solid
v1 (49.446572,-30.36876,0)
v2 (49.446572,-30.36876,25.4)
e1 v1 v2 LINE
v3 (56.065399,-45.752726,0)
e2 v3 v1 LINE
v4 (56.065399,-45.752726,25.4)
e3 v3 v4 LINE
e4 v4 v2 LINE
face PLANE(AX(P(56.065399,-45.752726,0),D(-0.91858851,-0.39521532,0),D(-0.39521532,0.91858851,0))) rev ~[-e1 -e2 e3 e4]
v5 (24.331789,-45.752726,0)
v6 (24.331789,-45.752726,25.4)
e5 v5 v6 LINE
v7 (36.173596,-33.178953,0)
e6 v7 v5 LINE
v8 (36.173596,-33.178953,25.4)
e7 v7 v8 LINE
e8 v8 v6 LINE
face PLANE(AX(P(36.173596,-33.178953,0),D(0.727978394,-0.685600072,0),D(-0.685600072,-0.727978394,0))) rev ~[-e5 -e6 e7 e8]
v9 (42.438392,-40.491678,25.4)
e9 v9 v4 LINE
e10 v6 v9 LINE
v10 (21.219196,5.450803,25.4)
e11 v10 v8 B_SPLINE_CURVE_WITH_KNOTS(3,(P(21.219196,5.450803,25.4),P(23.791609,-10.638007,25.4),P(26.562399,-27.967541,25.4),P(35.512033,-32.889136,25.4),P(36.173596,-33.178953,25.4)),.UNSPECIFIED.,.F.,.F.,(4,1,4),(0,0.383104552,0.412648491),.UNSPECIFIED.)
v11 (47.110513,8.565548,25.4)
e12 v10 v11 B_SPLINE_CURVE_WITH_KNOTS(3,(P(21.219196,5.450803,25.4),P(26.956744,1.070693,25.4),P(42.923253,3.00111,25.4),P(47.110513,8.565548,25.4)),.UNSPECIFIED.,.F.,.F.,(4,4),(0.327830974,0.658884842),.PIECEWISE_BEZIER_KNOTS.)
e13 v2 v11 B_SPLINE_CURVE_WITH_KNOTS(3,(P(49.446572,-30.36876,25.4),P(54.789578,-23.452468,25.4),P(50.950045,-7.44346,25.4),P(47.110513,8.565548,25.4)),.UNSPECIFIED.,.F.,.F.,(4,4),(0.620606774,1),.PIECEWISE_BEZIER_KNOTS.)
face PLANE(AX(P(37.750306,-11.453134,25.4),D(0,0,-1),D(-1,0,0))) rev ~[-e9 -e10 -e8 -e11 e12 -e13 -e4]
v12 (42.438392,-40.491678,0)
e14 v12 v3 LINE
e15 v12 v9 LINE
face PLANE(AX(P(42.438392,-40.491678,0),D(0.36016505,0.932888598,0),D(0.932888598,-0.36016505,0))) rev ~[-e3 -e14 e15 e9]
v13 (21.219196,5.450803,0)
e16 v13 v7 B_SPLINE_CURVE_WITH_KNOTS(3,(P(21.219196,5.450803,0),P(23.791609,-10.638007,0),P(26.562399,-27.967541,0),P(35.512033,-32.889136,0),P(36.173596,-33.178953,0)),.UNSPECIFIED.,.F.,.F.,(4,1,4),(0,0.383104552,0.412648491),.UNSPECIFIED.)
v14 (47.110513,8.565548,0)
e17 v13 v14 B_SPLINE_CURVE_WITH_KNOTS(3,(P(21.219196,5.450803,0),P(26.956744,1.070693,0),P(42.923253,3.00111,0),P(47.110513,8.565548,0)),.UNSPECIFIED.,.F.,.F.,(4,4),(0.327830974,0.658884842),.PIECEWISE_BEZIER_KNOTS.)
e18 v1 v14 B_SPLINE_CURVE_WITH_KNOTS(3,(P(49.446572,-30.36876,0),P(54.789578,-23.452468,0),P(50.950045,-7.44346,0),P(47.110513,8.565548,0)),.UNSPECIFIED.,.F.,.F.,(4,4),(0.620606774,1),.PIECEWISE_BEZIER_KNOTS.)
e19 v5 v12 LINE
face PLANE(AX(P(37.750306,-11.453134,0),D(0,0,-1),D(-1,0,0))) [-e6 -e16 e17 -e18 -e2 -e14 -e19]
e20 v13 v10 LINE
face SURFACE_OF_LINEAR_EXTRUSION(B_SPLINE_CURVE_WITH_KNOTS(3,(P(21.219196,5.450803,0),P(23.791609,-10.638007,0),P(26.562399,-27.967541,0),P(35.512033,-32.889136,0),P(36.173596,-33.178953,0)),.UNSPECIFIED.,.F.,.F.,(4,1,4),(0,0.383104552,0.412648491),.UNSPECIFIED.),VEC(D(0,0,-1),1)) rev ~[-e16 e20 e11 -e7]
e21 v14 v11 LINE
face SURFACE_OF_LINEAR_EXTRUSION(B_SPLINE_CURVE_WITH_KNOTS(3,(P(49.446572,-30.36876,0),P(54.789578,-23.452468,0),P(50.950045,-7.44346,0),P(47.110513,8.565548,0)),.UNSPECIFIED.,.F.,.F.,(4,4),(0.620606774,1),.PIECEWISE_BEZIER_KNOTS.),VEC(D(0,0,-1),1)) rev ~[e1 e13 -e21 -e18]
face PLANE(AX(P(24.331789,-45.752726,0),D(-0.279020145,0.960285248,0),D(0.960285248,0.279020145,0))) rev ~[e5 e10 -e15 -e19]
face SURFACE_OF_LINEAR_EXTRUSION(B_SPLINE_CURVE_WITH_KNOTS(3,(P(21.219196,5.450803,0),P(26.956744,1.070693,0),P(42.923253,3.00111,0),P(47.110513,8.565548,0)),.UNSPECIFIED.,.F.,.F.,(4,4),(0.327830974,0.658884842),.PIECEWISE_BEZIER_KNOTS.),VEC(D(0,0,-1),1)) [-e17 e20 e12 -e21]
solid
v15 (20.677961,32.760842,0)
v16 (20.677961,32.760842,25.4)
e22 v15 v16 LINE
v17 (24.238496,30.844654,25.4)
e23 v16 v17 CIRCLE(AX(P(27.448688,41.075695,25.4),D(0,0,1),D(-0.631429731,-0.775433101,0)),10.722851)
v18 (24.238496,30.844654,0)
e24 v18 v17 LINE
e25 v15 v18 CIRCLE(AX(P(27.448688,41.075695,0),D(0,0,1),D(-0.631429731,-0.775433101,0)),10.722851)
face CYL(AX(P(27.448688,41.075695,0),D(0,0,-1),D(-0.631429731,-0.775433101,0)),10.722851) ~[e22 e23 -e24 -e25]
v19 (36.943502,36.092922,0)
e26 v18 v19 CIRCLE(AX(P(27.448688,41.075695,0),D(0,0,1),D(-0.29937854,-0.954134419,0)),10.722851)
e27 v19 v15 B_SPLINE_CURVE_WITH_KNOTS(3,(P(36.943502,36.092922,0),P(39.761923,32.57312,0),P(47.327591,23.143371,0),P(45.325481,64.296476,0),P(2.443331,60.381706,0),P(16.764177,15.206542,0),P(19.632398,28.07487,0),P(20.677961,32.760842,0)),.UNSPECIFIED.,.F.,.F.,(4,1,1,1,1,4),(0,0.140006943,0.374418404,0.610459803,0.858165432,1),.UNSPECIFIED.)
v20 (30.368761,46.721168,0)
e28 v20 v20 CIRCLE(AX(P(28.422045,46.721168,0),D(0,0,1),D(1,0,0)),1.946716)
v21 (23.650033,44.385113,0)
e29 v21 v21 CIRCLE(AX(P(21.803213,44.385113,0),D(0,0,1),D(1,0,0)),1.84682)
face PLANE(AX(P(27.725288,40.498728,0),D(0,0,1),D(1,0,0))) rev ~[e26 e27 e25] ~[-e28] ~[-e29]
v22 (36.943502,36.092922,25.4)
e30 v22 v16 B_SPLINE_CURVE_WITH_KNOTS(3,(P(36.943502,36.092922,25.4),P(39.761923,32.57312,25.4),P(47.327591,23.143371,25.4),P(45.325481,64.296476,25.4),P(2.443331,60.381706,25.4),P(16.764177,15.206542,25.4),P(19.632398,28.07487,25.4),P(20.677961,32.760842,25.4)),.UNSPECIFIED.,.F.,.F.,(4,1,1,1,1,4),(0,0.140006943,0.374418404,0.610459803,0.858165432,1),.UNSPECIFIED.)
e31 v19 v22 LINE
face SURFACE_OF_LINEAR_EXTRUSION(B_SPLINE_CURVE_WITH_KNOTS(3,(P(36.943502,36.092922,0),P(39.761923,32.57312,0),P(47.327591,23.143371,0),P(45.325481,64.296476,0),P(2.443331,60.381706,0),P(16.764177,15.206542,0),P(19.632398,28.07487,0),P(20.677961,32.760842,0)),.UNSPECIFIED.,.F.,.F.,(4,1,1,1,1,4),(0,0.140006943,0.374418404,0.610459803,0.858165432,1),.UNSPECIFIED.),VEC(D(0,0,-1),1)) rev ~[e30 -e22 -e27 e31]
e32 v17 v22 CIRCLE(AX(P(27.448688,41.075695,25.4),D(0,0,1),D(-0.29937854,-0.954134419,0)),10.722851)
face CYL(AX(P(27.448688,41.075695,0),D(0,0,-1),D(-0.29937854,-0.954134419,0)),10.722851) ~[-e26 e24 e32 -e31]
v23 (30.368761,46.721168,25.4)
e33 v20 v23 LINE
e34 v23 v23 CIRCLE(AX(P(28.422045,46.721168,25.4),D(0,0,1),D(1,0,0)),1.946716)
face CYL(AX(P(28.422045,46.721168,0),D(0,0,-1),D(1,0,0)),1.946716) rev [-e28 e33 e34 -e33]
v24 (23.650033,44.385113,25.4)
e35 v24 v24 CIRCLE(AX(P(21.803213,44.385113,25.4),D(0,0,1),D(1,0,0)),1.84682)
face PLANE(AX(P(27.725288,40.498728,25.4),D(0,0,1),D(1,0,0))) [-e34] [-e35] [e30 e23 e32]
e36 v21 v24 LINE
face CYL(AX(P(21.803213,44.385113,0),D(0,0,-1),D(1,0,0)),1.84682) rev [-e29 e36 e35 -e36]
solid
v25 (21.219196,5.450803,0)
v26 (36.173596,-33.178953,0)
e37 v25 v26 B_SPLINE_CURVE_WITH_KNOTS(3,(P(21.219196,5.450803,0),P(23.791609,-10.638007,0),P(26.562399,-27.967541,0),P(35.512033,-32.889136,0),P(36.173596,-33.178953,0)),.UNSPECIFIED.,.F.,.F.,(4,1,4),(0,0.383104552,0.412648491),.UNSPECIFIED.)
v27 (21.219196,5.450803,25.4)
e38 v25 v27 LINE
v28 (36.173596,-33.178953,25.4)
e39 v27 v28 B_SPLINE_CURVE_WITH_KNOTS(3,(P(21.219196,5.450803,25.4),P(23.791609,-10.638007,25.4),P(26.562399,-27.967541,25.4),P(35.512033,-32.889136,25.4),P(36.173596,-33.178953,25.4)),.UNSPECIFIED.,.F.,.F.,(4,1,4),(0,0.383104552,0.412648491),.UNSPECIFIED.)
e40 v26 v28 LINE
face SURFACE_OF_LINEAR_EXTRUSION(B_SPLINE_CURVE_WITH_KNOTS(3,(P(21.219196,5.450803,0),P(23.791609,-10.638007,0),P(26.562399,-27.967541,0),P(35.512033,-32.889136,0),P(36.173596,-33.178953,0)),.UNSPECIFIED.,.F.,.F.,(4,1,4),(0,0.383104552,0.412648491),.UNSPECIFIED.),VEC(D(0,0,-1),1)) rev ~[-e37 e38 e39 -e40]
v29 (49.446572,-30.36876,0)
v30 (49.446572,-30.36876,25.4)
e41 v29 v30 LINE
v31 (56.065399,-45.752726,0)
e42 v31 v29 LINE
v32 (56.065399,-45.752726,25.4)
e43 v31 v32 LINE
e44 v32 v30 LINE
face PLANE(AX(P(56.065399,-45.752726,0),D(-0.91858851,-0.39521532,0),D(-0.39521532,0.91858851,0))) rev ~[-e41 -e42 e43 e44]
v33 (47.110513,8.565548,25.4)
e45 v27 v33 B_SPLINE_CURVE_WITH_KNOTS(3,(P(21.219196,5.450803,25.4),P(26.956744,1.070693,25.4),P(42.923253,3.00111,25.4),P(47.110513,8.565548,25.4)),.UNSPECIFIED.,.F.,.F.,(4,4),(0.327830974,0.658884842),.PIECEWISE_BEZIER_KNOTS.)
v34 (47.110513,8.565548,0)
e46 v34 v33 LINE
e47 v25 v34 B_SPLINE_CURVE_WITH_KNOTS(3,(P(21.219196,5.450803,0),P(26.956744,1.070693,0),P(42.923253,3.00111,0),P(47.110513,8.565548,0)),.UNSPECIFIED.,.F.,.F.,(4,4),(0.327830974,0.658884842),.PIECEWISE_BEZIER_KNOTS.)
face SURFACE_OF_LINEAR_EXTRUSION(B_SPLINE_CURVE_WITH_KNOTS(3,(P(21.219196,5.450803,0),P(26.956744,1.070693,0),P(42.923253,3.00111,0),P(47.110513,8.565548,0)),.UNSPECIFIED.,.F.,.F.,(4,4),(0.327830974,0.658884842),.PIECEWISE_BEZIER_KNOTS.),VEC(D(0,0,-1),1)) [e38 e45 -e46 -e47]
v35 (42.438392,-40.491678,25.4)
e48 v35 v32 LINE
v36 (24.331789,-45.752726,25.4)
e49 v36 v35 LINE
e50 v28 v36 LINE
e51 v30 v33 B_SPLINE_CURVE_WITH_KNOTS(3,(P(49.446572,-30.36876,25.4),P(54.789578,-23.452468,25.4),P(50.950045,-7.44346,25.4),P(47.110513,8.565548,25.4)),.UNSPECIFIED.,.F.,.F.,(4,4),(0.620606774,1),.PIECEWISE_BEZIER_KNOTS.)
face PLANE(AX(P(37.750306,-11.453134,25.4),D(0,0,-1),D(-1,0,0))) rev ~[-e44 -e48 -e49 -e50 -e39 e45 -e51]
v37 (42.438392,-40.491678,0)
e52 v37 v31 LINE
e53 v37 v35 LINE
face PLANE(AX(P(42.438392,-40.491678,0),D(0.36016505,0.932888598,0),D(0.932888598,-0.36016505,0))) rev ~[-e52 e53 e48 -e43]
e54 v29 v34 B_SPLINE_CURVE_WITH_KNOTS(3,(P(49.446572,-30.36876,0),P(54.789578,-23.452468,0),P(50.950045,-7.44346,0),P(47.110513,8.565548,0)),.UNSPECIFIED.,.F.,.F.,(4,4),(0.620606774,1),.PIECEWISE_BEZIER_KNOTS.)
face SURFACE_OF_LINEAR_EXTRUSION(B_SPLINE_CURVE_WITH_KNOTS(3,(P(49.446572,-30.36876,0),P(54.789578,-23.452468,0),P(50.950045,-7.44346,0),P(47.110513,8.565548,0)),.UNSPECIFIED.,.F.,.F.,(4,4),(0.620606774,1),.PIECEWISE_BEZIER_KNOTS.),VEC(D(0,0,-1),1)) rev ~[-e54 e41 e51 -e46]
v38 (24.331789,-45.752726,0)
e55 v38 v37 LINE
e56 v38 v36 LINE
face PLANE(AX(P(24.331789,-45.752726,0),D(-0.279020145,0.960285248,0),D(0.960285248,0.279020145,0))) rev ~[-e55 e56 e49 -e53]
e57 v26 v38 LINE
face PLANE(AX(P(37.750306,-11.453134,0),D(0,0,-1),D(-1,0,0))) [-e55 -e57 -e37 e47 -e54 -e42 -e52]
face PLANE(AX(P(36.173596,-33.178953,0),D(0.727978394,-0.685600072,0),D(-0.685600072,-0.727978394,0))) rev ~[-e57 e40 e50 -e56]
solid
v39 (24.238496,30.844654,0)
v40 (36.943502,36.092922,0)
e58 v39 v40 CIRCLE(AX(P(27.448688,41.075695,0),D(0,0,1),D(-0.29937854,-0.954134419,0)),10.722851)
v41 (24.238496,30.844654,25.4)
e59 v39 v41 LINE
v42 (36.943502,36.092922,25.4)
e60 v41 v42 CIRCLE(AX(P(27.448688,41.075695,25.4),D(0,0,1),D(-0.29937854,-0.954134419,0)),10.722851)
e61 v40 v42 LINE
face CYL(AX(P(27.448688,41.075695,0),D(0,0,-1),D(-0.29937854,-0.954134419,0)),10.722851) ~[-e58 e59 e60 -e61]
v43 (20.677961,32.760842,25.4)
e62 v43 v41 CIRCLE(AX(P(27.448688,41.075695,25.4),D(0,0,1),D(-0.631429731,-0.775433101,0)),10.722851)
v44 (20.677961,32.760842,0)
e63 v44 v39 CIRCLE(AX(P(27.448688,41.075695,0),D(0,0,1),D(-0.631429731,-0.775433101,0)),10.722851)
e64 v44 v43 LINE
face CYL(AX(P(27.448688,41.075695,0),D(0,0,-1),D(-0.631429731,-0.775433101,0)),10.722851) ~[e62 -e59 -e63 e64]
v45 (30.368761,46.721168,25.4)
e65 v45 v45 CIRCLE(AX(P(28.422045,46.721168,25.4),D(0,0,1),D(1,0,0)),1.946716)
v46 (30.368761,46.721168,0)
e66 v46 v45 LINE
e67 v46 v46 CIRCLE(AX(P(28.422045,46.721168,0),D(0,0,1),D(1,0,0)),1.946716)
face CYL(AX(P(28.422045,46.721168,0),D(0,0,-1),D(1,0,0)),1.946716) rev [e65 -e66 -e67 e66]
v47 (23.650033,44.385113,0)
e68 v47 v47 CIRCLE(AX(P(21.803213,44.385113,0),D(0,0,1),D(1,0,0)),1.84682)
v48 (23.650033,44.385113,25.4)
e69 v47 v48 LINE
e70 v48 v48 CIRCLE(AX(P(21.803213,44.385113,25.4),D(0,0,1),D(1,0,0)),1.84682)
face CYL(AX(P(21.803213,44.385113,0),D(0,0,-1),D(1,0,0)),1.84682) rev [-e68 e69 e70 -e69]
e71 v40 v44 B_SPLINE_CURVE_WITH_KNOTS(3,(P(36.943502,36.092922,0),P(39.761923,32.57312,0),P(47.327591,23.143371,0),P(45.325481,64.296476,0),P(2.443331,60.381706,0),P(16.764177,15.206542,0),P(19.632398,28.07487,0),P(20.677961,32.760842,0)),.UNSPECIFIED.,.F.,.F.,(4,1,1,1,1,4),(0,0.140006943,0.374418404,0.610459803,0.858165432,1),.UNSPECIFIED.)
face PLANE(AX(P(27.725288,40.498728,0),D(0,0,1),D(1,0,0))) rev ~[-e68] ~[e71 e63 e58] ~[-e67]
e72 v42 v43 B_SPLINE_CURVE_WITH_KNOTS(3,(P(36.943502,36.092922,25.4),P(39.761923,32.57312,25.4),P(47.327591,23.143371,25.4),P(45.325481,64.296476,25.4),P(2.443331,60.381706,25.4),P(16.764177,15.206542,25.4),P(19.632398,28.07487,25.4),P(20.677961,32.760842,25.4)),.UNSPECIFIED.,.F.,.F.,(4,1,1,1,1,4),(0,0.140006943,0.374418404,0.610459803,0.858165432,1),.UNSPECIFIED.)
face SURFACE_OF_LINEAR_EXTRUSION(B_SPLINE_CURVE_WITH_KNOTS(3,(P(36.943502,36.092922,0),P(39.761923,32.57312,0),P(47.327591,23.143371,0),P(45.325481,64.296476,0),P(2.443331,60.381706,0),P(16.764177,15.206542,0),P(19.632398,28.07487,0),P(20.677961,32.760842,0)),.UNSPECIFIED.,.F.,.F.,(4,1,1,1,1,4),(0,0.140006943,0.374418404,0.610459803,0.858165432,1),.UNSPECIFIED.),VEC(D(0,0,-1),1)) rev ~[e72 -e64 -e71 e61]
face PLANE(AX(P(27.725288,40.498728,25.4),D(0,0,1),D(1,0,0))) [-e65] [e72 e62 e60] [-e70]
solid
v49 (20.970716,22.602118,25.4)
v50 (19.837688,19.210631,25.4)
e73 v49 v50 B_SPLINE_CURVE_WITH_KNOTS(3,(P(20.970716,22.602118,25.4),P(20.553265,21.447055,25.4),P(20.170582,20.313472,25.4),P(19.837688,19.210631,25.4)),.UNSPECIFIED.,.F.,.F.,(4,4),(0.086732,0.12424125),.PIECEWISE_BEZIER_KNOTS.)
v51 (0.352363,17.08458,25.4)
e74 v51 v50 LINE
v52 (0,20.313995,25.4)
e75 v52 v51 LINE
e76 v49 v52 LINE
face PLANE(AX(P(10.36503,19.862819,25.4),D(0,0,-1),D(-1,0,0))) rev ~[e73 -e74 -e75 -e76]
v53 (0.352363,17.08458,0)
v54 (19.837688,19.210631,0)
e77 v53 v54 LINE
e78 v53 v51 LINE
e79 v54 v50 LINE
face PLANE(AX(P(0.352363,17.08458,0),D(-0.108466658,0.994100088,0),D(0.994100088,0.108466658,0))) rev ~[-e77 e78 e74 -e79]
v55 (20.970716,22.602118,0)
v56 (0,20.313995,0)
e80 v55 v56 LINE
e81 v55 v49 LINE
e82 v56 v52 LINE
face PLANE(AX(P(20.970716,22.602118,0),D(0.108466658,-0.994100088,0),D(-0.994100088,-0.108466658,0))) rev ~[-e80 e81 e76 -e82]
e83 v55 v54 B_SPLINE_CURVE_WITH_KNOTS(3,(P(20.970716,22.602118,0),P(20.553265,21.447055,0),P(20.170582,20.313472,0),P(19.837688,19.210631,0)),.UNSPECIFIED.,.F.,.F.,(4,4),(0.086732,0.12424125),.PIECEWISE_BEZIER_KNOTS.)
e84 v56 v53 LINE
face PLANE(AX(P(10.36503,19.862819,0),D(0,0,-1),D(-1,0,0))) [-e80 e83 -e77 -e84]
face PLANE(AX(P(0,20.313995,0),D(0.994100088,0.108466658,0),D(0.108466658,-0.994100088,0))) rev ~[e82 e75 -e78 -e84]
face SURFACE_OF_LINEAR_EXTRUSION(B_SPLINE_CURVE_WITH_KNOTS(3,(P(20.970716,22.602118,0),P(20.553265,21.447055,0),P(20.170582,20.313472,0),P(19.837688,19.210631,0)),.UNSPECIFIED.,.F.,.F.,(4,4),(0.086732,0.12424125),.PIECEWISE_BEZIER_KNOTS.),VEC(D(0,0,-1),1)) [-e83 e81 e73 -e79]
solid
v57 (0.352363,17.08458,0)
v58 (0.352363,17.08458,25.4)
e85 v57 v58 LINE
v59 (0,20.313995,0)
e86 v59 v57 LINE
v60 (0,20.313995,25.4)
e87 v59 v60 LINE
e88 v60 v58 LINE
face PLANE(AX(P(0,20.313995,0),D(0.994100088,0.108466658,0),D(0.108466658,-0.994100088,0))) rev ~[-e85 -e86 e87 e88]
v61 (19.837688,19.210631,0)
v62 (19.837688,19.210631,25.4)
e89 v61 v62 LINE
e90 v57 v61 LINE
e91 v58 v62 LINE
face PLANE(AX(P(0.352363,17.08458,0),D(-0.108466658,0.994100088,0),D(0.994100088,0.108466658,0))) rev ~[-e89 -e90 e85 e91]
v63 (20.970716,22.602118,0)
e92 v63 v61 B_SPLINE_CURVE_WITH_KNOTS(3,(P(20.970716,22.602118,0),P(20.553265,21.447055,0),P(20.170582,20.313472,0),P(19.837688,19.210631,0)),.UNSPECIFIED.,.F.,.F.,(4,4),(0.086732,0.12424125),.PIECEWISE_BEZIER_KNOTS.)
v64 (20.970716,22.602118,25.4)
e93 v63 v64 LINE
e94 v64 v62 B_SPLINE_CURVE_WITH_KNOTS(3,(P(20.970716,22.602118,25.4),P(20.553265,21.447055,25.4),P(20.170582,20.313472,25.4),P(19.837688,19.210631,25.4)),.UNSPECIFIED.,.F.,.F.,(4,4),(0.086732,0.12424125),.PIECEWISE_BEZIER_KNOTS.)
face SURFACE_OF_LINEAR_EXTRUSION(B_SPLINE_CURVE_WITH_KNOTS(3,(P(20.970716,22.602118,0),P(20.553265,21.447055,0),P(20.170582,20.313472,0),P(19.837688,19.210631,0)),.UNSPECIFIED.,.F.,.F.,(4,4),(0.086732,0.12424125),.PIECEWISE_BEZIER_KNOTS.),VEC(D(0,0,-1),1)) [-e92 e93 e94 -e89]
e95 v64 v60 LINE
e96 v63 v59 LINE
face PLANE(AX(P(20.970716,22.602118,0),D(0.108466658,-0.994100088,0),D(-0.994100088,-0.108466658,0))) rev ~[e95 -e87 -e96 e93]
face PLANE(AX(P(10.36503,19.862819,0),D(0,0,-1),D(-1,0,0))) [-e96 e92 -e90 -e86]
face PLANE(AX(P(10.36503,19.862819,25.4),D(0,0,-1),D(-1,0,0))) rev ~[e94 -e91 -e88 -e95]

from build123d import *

# Parameters (mm, degrees)
F0_R     = 1.846820146
F0_R_2   = 1.9467160106
F1_DEPTH = 25.4
F2_DEPTH = 25.4


with BuildPart() as f1:
    # F0 (on Top) → F1 (new body)
    with BuildSketch(Plane.XY):
        with BuildLine():
            ThreePointArc((36.9435020758, 36.0929218966), (37.8600038878, 38.5097595853), (38.1715385749, 41.0756953061))
            ThreePointArc((38.1715385749, 41.0756953061), (22.845534622, 50.7602455049), (20.6779608561, 32.7608418012))
            ThreePointArc((20.6779608561, 32.7608418012), (22.3670908904, 31.6334019049), (24.2384962653, 30.8446542167))
            ThreePointArc((24.2384962653, 30.8446542167), (31.5426099993, 31.1651286693), (36.9435020758, 36.0929218966))
        make_face()
        with Locations((21.8032132834, 44.3851128221)):
            Circle(F0_R, mode=Mode.SUBTRACT)
        with Locations((28.4220445901, 46.7211678624)):
            Circle(F0_R_2, mode=Mode.SUBTRACT)
        with BuildLine():
            ThreePointArc((20.6779608561, 32.7608418012), (22.845534622, 50.7602455049), (38.1715385749, 41.0756953061))
            ThreePointArc((38.1715385749, 41.0756953061), (37.8600038878, 38.5097595853), (36.9435020758, 36.0929218966))
            add(Edge.make_bspline(
                [(36.9435020758, 36.0929218966), (39.7619230971, 32.5731202027), (47.327591355, 23.1433714802), (45.3254807892, 64.2964760594), (2.4433310892, 60.3817058524), (16.764176742, 15.2065417029), (19.6323979114, 28.0748703107), (20.6779608561, 32.7608418012)],
                knots=[0, 0, 0, 0, 0.1400069429, 0.3744184043, 0.6104598031, 0.858165432, 1, 1, 1, 1], degree=3))
        make_face()
    extrude(amount=F1_DEPTH)


with BuildPart() as f1b:
    # F0 (on Top) → F1, piece 2 (new body)
    with BuildSketch(Plane.XY):
        with BuildLine():
            add(Edge.make_bspline(
                [(21.219195798, 5.4508033209), (26.9567443659, 1.0706934922), (42.9232525251, 3.0011097838), (47.1105128527, 8.5655478761)],
                knots=[0.3278309737, 0.3278309737, 0.3278309737, 0.3278309737, 0.6588848416, 0.6588848416, 0.6588848416, 0.6588848416], degree=3))
            add(Edge.make_bspline(
                [(21.219195798, 5.4508033209), (23.7916090126, -10.6380070469), (26.5623994556, -27.9675409471), (35.5120330181, -32.8891363386), (36.173596138, -33.1789525885)],
                knots=[0, 0, 0, 0, 0.3831045517, 0.4126484908, 0.4126484908, 0.4126484908, 0.4126484908], degree=3))
            add(Edge.make_bspline(
                [(36.173596138, -33.1789525885), (40.8303052611, -35.2189544183), (46.5178888087, -34.1598140853), (49.4465716183, -30.3687602282)],
                knots=[0.4126484908, 0.4126484908, 0.4126484908, 0.4126484908, 0.6206067737, 0.6206067737, 0.6206067737, 0.6206067737], degree=3))
            add(Edge.make_bspline(
                [(49.4465716183, -30.3687602282), (54.789577939, -23.4524684897), (50.9500453958, -7.4434603068), (47.1105128527, 8.5655478761)],
                knots=[0.6206067737, 0.6206067737, 0.6206067737, 0.6206067737, 1, 1, 1, 1], degree=3))
        make_face()
        with BuildLine():
            add(Edge.make_bspline(
                [(36.173596138, -33.1789525885), (40.8303052611, -35.2189544183), (46.5178888087, -34.1598140853), (49.4465716183, -30.3687602282)],
                knots=[0.4126484908, 0.4126484908, 0.4126484908, 0.4126484908, 0.6206067737, 0.6206067737, 0.6206067737, 0.6206067737], degree=3))
            Line((36.173596138, -33.1789525885), (24.331788693, -45.7527260185))
            Line((24.331788693, -45.7527260185), (42.4383915961, -40.4916778207))
            Line((42.4383915961, -40.4916778207), (56.0653991997, -45.7527260185))
            Line((56.0653991997, -45.7527260185), (49.4465716183, -30.3687602282))
        make_face()
    extrude(amount=F1_DEPTH)


with BuildPart() as f1c:
    # F0 (on Top) → F1, piece 3 (new body)
    with BuildSketch(Plane.XY):
        with BuildLine():
            add(Edge.make_bspline(
                [(20.9707160152, 22.6021182317), (20.5532650929, 21.4470552384), (20.1705823964, 20.3134723426), (19.83768814, 19.2106311627)],
                knots=[0.0867319997, 0.0867319997, 0.0867319997, 0.0867319997, 0.1242412505, 0.1242412505, 0.1242412505, 0.1242412505], degree=3))
            Line((20.9707160152, 22.6021182317), (0, 20.3139950234))
            Line((0, 20.3139950234), (0.352362816, 17.0845795265))
            Line((0.352362816, 17.0845795265), (19.83768814, 19.2106311627))
        make_face()
    extrude(amount=F1_DEPTH)


with BuildPart() as f2:
    # F0 (on Top) → F2 (new body)
    with BuildSketch(Plane.XY):
        with BuildLine():
            ThreePointArc((36.9435020758, 36.0929218966), (37.8600038878, 38.5097595853), (38.1715385749, 41.0756953061))
            ThreePointArc((38.1715385749, 41.0756953061), (22.845534622, 50.7602455049), (20.6779608561, 32.7608418012))
            ThreePointArc((20.6779608561, 32.7608418012), (22.3670908904, 31.6334019049), (24.2384962653, 30.8446542167))
            ThreePointArc((24.2384962653, 30.8446542167), (31.5426099993, 31.1651286693), (36.9435020758, 36.0929218966))
        make_face()
        with Locations((21.8032132834, 44.3851128221)):
            Circle(F0_R, mode=Mode.SUBTRACT)
        with Locations((28.4220445901, 46.7211678624)):
            Circle(F0_R_2, mode=Mode.SUBTRACT)
        with BuildLine():
            ThreePointArc((20.6779608561, 32.7608418012), (22.845534622, 50.7602455049), (38.1715385749, 41.0756953061))
            ThreePointArc((38.1715385749, 41.0756953061), (37.8600038878, 38.5097595853), (36.9435020758, 36.0929218966))
            add(Edge.make_bspline(
                [(36.9435020758, 36.0929218966), (39.7619230971, 32.5731202027), (47.327591355, 23.1433714802), (45.3254807892, 64.2964760594), (2.4433310892, 60.3817058524), (16.764176742, 15.2065417029), (19.6323979114, 28.0748703107), (20.6779608561, 32.7608418012)],
                knots=[0, 0, 0, 0, 0.1400069429, 0.3744184043, 0.6104598031, 0.858165432, 1, 1, 1, 1], degree=3))
        make_face()
    extrude(amount=F2_DEPTH)


with BuildPart() as f2b:
    # F0 (on Top) → F2, piece 2 (new body)
    with BuildSketch(Plane.XY):
        with BuildLine():
            add(Edge.make_bspline(
                [(21.219195798, 5.4508033209), (26.9567443659, 1.0706934922), (42.9232525251, 3.0011097838), (47.1105128527, 8.5655478761)],
                knots=[0.3278309737, 0.3278309737, 0.3278309737, 0.3278309737, 0.6588848416, 0.6588848416, 0.6588848416, 0.6588848416], degree=3))
            add(Edge.make_bspline(
                [(21.219195798, 5.4508033209), (23.7916090126, -10.6380070469), (26.5623994556, -27.9675409471), (35.5120330181, -32.8891363386), (36.173596138, -33.1789525885)],
                knots=[0, 0, 0, 0, 0.3831045517, 0.4126484908, 0.4126484908, 0.4126484908, 0.4126484908], degree=3))
            add(Edge.make_bspline(
                [(36.173596138, -33.1789525885), (40.8303052611, -35.2189544183), (46.5178888087, -34.1598140853), (49.4465716183, -30.3687602282)],
                knots=[0.4126484908, 0.4126484908, 0.4126484908, 0.4126484908, 0.6206067737, 0.6206067737, 0.6206067737, 0.6206067737], degree=3))
            add(Edge.make_bspline(
                [(49.4465716183, -30.3687602282), (54.789577939, -23.4524684897), (50.9500453958, -7.4434603068), (47.1105128527, 8.5655478761)],
                knots=[0.6206067737, 0.6206067737, 0.6206067737, 0.6206067737, 1, 1, 1, 1], degree=3))
        make_face()
        with BuildLine():
            add(Edge.make_bspline(
                [(36.173596138, -33.1789525885), (40.8303052611, -35.2189544183), (46.5178888087, -34.1598140853), (49.4465716183, -30.3687602282)],
                knots=[0.4126484908, 0.4126484908, 0.4126484908, 0.4126484908, 0.6206067737, 0.6206067737, 0.6206067737, 0.6206067737], degree=3))
            Line((36.173596138, -33.1789525885), (24.331788693, -45.7527260185))
            Line((24.331788693, -45.7527260185), (42.4383915961, -40.4916778207))
            Line((42.4383915961, -40.4916778207), (56.0653991997, -45.7527260185))
            Line((56.0653991997, -45.7527260185), (49.4465716183, -30.3687602282))
        make_face()
    extrude(amount=F2_DEPTH)


with BuildPart() as f2c:
    # F0 (on Top) → F2, piece 3 (new body)
    with BuildSketch(Plane.XY):
        with BuildLine():
            add(Edge.make_bspline(
                [(20.9707160152, 22.6021182317), (20.5532650929, 21.4470552384), (20.1705823964, 20.3134723426), (19.83768814, 19.2106311627)],
                knots=[0.0867319997, 0.0867319997, 0.0867319997, 0.0867319997, 0.1242412505, 0.1242412505, 0.1242412505, 0.1242412505], degree=3))
            Line((20.9707160152, 22.6021182317), (0, 20.3139950234))
            Line((0, 20.3139950234), (0.352362816, 17.0845795265))
            Line((0.352362816, 17.0845795265), (19.83768814, 19.2106311627))
        make_face()
    extrude(amount=F2_DEPTH)


solid = Compound([f1.part, f1b.part, f1c.part, f2.part, f2b.part, f2c.part])
